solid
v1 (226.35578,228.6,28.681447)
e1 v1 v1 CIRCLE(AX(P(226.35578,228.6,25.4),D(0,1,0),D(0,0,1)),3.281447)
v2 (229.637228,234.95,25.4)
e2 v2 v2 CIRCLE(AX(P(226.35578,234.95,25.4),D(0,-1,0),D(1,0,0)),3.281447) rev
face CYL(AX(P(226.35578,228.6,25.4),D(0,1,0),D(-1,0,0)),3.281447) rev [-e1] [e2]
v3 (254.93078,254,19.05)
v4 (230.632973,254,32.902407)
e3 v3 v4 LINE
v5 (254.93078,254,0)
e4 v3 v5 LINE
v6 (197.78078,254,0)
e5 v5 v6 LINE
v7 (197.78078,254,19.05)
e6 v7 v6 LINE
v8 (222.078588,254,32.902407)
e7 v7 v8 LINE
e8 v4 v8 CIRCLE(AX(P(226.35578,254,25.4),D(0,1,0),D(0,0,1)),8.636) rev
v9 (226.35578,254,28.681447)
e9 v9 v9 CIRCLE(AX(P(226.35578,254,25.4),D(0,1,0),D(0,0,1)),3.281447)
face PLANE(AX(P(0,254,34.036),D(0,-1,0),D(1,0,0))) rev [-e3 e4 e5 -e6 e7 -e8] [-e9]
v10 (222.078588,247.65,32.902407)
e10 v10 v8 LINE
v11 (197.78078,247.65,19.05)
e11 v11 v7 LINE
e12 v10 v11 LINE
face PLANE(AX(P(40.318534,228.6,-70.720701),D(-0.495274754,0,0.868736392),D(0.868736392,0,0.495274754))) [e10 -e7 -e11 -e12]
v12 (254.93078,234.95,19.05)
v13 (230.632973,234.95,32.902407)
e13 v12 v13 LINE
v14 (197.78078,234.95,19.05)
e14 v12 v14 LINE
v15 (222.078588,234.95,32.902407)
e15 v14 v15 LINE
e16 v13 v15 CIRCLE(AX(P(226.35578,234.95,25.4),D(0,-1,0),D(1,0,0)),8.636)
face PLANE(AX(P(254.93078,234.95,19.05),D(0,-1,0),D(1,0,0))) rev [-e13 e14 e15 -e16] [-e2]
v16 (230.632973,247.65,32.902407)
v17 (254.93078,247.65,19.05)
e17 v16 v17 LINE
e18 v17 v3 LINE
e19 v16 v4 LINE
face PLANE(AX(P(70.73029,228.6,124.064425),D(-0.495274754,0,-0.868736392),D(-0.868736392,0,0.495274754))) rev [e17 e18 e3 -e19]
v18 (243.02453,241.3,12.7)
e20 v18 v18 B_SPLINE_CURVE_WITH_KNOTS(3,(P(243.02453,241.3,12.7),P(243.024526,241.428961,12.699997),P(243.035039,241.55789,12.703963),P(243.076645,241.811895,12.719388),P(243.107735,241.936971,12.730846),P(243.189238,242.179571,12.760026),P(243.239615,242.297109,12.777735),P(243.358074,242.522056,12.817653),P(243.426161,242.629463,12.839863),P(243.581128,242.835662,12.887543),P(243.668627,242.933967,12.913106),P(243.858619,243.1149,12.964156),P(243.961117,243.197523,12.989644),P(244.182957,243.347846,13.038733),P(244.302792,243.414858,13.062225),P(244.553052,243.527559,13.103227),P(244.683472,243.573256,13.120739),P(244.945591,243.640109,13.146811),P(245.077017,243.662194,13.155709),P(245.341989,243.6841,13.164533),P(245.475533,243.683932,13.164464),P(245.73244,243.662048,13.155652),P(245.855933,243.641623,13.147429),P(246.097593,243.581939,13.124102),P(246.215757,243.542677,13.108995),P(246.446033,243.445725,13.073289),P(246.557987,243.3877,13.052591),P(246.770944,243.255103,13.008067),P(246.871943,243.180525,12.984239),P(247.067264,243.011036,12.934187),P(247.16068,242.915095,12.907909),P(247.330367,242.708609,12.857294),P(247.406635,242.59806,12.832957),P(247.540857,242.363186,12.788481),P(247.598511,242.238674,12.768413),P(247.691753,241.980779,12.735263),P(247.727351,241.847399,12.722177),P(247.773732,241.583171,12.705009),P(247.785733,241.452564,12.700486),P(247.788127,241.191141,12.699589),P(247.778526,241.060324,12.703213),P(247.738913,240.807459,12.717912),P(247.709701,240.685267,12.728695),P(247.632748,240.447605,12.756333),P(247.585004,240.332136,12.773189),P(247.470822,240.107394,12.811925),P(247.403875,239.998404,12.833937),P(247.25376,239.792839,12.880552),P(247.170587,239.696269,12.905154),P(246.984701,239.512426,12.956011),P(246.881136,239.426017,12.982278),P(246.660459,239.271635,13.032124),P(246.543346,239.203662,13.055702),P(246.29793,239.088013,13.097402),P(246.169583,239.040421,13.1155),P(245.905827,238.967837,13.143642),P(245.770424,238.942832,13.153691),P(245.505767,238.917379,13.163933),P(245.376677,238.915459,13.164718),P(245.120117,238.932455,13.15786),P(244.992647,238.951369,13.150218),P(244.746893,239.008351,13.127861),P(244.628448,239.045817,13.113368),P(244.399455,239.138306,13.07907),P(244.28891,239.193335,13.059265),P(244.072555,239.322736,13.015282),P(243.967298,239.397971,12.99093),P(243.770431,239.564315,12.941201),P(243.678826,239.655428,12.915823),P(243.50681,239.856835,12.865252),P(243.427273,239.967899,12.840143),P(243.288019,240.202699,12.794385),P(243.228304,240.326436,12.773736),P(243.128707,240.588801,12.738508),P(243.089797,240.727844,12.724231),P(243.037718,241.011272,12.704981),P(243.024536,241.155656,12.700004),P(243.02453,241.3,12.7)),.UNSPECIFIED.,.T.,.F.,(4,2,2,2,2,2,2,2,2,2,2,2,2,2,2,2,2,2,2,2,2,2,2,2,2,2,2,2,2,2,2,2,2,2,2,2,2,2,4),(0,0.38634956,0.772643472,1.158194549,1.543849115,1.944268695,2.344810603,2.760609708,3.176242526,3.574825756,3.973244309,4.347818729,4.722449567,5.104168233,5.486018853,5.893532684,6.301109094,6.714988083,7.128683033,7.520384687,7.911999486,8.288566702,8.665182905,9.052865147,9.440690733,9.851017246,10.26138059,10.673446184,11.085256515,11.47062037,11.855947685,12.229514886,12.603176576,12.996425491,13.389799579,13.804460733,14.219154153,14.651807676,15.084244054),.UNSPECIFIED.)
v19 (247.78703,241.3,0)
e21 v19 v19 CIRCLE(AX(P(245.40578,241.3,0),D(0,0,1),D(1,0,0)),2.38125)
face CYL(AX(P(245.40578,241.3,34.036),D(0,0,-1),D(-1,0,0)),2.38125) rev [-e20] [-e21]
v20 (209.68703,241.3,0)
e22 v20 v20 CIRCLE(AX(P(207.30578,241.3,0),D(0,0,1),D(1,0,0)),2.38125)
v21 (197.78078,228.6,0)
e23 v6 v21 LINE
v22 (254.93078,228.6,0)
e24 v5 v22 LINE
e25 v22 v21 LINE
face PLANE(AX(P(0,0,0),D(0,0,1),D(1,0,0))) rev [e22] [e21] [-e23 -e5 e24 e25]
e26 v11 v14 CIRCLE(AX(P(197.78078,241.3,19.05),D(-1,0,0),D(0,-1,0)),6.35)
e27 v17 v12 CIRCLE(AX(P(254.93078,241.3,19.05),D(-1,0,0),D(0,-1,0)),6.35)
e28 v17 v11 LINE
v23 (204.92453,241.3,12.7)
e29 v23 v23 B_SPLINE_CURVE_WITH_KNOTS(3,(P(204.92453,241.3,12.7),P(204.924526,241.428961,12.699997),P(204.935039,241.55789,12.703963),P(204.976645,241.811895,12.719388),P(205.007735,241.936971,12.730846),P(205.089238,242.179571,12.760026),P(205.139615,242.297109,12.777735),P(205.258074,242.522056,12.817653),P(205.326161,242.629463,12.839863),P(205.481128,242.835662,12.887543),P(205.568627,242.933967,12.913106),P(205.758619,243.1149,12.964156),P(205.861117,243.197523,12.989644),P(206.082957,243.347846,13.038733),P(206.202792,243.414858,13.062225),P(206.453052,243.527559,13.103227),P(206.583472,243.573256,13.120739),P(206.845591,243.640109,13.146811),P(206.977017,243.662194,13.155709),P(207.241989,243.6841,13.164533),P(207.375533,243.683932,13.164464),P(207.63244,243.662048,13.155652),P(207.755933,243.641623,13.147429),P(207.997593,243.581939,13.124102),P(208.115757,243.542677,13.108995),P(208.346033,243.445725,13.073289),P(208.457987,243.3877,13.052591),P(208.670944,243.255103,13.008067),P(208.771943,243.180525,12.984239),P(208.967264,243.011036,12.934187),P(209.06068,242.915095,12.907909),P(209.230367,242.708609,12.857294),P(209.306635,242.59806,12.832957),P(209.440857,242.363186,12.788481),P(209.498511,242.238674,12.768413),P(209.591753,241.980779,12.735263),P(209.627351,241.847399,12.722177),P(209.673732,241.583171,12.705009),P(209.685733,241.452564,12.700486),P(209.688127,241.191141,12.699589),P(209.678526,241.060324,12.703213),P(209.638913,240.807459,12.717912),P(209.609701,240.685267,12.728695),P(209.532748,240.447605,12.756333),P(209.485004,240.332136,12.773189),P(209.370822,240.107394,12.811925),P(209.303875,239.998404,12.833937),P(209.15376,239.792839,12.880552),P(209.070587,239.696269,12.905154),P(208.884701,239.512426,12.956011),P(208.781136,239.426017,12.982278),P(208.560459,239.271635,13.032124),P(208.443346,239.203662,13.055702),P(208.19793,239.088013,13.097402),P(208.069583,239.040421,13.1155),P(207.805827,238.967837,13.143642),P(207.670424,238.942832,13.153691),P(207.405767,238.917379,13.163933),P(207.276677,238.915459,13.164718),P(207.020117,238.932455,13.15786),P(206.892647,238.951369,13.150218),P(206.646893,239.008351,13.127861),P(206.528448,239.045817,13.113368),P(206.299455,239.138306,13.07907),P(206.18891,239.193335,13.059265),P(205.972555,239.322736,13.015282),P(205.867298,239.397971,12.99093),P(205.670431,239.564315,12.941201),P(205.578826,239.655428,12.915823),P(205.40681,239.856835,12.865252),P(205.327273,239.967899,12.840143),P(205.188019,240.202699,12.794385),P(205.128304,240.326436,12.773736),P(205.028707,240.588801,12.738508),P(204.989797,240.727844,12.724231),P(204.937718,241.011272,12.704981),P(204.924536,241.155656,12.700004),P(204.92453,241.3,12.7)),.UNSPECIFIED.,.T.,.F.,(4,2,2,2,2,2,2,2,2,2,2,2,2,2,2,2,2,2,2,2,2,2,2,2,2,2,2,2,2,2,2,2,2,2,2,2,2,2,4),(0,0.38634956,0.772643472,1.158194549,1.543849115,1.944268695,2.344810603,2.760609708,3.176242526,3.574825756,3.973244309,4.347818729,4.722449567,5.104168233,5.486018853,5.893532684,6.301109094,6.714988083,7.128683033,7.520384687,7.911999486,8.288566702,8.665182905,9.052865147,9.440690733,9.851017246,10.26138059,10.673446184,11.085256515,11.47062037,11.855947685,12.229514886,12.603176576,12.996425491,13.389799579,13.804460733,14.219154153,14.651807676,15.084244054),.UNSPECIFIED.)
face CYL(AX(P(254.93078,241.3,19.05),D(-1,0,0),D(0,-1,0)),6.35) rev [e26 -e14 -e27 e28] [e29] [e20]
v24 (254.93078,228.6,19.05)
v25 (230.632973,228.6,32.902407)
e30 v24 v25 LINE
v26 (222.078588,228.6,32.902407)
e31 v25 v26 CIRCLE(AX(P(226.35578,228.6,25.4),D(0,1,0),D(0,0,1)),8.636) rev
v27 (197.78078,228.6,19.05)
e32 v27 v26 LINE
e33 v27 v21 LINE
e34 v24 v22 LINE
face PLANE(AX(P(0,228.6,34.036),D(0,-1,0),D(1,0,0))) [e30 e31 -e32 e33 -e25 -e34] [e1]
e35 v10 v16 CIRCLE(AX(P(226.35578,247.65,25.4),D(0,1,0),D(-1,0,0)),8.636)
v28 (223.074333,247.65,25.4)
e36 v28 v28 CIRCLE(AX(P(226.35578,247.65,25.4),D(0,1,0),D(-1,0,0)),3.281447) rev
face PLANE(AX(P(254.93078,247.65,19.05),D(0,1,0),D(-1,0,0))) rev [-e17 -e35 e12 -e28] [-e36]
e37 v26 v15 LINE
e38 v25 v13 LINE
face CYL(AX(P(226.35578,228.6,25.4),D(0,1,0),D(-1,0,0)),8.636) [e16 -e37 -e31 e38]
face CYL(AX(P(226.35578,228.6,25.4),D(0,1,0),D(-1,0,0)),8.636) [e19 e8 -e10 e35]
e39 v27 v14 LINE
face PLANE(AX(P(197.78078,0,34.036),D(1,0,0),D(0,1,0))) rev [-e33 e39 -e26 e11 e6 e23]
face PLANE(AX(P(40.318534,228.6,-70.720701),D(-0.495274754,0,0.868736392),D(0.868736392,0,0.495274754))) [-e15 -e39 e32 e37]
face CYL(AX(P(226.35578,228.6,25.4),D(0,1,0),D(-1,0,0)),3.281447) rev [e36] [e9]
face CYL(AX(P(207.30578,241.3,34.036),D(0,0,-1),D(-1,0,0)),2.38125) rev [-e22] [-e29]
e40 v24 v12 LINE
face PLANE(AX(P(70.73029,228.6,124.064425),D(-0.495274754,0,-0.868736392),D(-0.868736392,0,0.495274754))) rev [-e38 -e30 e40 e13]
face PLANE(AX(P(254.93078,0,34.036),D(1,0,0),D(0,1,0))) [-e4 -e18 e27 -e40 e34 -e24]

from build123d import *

# Parameters (mm, degrees)
SKETCH1_W           = 57.15
SKETCH1_H           = 25.4
SKETCH1_R           = 2.38125
BOSS_EXTRUDE1_DEPTH = 34.036
SKETCH2_R           = 3.281447176
CUT_EXTRUDE1_DEPTH  = 259.444021221
CUT_EXTRUDE2_DEPTH  = 263.565366711


with BuildPart() as part:
    # Sketch1 → Boss-Extrude1 (new body)
    with BuildSketch(Plane.XY):
        with Locations((226.355780427, 241.3)):
            Rectangle(SKETCH1_W, SKETCH1_H)
        with Locations((245.405780427, 241.3)):
            Circle(SKETCH1_R, mode=Mode.SUBTRACT)
        with Locations((207.305780427, 241.3)):
            Circle(SKETCH1_R, mode=Mode.SUBTRACT)
    extrude(amount=BOSS_EXTRUDE1_DEPTH)

    # Sketch2 → Cut-Extrude1 (cut, through all)
    with BuildSketch(Plane(origin=(0, 254, 0), x_dir=(1, 0, 0), z_dir=(0, 1, 0))):
        with BuildLine():
            Line((254.930780427, -34.036), (254.930780427, -19.05))
            Line((254.930780427, -19.05), (230.6329732, -32.902407479))
            ThreePointArc((230.6329732, -32.902407479), (228.568211783, -33.747792732), (226.355780427, -34.036))
            Line((226.355780427, -34.036), (254.930780427, -34.036))
        make_face()
        with BuildLine():
            Line((197.780780427, -34.036), (226.355780427, -34.036))
            ThreePointArc((226.355780427, -34.036), (224.143349071, -33.747792732), (222.078587654, -32.902407479))
            Line((222.078587654, -32.902407479), (197.780780427, -19.05))
            Line((197.780780427, -19.05), (197.780780427, -34.036))
        make_face()
        Polygon((226.681841891, -42.314106695), (197.780780427, -34.036), (254.930780427, -34.036), align=None)
        with Locations(Location((226.355780427, -25.4, 0), (0, 0, 270))):
            Circle(SKETCH2_R)
    extrude(amount=-CUT_EXTRUDE1_DEPTH, mode=Mode.SUBTRACT)

    # Sketch3 → Cut-Extrude2 (cut, through all)
    with BuildSketch(Plane.ZY.offset(-197.780780427)):
        with BuildLine():
            Line((19.05, 247.65), (49.022, 247.65))
            ThreePointArc((49.022, 247.65), (55.372, 241.3), (49.022, 234.95))
            Line((49.022, 234.95), (19.05, 234.95))
            ThreePointArc((19.05, 234.95), (12.7, 241.3), (19.05, 247.65))
        make_face()
    extrude(amount=-CUT_EXTRUDE2_DEPTH, mode=Mode.SUBTRACT)


solid = part.part
